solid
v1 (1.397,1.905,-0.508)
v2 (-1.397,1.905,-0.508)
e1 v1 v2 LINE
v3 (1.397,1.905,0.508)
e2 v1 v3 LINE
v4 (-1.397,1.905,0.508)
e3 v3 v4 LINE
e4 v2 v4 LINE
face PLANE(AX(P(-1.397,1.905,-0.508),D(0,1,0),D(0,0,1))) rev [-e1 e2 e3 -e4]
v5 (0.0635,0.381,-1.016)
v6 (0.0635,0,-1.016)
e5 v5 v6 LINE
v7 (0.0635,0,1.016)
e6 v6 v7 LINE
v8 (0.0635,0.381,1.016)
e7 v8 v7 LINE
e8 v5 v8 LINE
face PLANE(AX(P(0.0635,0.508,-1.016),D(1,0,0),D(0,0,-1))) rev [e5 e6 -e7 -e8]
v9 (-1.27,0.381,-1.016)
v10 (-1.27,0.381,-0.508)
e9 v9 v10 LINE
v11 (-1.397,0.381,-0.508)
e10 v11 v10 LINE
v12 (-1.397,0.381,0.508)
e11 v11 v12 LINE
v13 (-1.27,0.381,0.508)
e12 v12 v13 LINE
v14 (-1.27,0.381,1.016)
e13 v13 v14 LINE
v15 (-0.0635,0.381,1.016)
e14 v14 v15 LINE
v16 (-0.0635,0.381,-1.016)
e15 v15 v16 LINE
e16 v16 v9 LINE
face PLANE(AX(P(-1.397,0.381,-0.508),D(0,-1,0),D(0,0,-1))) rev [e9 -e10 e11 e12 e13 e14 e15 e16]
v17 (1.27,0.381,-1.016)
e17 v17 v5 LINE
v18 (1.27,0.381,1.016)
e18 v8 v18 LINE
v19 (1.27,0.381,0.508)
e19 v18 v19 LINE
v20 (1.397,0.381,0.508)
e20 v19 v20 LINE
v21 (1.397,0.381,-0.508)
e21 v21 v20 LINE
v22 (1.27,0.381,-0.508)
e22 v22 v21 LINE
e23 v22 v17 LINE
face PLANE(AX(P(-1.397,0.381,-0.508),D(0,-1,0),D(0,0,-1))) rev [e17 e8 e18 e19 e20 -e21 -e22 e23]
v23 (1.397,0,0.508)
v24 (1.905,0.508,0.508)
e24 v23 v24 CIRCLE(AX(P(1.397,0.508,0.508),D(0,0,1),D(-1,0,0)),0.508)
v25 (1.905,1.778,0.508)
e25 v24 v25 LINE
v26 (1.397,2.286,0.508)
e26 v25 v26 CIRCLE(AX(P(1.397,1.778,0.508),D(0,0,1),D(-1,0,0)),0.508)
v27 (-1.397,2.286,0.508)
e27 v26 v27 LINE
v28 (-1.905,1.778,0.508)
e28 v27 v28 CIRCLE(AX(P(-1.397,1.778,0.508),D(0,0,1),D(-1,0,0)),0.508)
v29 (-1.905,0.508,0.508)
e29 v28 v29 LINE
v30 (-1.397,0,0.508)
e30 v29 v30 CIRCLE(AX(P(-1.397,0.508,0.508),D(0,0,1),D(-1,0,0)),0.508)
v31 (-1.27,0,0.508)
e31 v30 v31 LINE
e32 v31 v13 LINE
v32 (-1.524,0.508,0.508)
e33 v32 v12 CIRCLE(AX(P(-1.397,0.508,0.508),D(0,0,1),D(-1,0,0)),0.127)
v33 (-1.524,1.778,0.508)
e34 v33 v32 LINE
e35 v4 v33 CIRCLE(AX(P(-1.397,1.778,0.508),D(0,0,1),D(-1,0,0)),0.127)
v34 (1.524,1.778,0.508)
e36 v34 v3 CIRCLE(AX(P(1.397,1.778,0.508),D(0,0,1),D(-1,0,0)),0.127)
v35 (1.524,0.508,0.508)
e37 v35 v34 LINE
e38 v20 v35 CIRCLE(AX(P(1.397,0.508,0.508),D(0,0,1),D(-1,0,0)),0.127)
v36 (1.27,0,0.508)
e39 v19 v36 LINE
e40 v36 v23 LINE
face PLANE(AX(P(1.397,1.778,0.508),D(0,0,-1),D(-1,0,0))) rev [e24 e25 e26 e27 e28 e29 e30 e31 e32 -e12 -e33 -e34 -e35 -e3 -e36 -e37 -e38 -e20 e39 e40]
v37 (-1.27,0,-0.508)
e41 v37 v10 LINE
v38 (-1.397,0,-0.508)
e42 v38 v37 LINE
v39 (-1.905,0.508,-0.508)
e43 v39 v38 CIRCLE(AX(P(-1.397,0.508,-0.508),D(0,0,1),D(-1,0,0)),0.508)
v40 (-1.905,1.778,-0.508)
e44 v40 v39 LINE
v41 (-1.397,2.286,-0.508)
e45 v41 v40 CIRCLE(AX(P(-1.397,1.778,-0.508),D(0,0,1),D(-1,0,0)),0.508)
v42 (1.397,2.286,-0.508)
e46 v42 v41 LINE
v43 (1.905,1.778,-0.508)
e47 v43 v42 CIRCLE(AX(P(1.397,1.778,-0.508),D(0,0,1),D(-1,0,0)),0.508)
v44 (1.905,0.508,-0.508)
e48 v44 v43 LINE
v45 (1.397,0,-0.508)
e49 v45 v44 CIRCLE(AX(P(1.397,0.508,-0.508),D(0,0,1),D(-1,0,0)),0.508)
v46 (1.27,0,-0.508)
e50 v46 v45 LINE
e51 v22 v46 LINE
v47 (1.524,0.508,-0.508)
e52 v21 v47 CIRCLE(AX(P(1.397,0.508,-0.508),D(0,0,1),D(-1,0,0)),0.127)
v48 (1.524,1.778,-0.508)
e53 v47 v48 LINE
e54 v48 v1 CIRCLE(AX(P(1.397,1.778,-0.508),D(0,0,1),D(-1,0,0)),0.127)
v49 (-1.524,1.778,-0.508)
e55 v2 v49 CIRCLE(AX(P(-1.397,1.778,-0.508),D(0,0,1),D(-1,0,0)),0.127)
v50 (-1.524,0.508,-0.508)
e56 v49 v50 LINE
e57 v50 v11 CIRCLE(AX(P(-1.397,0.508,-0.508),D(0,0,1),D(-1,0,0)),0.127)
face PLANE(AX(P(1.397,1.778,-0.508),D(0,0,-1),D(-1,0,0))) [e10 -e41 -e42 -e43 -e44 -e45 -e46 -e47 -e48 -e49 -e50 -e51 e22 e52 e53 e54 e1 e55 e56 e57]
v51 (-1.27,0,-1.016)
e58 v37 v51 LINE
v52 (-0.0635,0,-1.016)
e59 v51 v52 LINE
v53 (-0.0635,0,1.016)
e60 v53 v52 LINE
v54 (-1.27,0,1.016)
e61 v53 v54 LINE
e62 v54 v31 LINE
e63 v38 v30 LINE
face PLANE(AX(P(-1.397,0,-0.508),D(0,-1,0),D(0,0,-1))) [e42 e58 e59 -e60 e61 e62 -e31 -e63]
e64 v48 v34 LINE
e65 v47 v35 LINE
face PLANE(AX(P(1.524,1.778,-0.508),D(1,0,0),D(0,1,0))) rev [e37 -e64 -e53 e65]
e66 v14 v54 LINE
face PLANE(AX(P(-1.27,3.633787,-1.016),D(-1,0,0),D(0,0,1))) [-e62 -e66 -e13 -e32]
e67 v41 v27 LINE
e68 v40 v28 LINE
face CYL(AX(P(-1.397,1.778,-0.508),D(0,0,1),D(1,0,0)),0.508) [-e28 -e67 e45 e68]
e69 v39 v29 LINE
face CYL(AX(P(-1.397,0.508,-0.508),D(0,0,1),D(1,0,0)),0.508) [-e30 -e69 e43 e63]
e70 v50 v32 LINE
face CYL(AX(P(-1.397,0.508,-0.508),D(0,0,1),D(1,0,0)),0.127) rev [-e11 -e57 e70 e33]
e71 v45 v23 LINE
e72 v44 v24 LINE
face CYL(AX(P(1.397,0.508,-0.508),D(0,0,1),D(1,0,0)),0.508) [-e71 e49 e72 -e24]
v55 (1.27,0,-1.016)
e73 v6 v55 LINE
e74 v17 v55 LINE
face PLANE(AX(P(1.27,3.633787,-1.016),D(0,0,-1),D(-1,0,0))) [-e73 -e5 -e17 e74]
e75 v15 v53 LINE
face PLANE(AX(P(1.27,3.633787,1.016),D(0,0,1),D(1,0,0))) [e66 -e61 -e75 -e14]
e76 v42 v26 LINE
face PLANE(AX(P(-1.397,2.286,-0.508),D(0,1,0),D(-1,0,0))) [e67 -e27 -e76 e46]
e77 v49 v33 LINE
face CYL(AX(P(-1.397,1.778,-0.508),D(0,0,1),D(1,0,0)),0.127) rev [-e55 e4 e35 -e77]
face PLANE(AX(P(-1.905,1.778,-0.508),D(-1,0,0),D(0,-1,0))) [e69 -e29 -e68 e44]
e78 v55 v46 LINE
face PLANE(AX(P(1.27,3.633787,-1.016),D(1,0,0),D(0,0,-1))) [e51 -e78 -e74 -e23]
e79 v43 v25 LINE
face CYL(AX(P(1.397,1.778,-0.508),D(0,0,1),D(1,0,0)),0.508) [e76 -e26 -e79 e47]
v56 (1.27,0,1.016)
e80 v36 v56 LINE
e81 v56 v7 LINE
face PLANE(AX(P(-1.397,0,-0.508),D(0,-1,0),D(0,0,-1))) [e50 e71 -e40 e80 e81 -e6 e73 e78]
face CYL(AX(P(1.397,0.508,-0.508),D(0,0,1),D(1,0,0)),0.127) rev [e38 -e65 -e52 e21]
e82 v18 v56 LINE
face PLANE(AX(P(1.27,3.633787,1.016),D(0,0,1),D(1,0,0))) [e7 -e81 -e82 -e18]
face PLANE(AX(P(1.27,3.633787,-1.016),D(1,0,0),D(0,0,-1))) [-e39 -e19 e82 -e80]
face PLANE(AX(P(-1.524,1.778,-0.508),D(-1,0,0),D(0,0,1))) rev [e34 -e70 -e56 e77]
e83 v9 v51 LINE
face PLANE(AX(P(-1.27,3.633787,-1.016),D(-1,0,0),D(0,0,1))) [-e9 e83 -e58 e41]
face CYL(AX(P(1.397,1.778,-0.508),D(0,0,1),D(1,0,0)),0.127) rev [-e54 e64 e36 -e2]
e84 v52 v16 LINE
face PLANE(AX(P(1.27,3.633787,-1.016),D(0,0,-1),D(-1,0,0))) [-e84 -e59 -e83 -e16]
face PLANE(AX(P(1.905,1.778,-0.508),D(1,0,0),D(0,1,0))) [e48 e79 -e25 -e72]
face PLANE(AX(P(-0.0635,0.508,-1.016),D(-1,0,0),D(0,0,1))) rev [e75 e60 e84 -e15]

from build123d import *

# Parameters (mm, degrees)
BOSS_EXTRUDE1_DEPTH      = 0.508
BOSS_EXTRUDE1_DEPTH_BACK = 0.508
SKETCH2_W                = 2.54
SKETCH2_H                = 2.032
BOSS_EXTRUDE2_DEPTH      = 0.381
SKETCH3_W                = 0.127
SKETCH3_H                = 2.032
CUT_EXTRUDE1_DEPTH       = 0.508


with BuildPart() as part:
    # Sketch1 → Boss-Extrude1 (new, two sides: drawn at the far end of the back side and taken through both)
    with BuildSketch(Plane.XY.offset(-BOSS_EXTRUDE1_DEPTH_BACK)):
        with BuildLine():
            Line((-1.397, 2.286), (1.397, 2.286))
            ThreePointArc((1.397, 2.286), (1.756210245, 2.137210245), (1.905, 1.778))
            Line((1.905, 1.778), (1.905, 0.508))
            ThreePointArc((1.905, 0.508), (1.756210245, 0.148789755), (1.397, 0))
            Line((1.397, 0), (-1.397, 0))
            ThreePointArc((-1.397, 0), (-1.756210245, 0.148789755), (-1.905, 0.508))
            Line((-1.905, 0.508), (-1.905, 1.778))
            ThreePointArc((-1.905, 1.778), (-1.756210245, 2.137210245), (-1.397, 2.286))
        make_face()
        with BuildLine():
            Line((-1.397, 1.905), (1.397, 1.905))
            ThreePointArc((1.397, 1.905), (1.486802561, 1.867802561), (1.524, 1.778))
            Line((1.524, 1.778), (1.524, 0.508))
            ThreePointArc((1.524, 0.508), (1.486802561, 0.418197439), (1.397, 0.381))
            Line((1.397, 0.381), (-1.397, 0.381))
            ThreePointArc((-1.397, 0.381), (-1.486802561, 0.418197439), (-1.524, 0.508))
            Line((-1.524, 0.508), (-1.524, 1.778))
            ThreePointArc((-1.524, 1.778), (-1.486802561, 1.867802561), (-1.397, 1.905))
        make_face(mode=Mode.SUBTRACT)
    extrude(amount=BOSS_EXTRUDE1_DEPTH + BOSS_EXTRUDE1_DEPTH_BACK)

    # Sketch2 → Boss-Extrude2 (add)
    with BuildSketch(Plane.XZ):
        Rectangle(SKETCH2_W, SKETCH2_H)
    extrude(amount=-BOSS_EXTRUDE2_DEPTH)

    # Sketch3 → Cut-Extrude1 (cut)
    with BuildSketch(Plane.XZ):
        Rectangle(SKETCH3_W, SKETCH3_H)
    extrude(amount=-CUT_EXTRUDE1_DEPTH, mode=Mode.SUBTRACT)


solid = part.part
